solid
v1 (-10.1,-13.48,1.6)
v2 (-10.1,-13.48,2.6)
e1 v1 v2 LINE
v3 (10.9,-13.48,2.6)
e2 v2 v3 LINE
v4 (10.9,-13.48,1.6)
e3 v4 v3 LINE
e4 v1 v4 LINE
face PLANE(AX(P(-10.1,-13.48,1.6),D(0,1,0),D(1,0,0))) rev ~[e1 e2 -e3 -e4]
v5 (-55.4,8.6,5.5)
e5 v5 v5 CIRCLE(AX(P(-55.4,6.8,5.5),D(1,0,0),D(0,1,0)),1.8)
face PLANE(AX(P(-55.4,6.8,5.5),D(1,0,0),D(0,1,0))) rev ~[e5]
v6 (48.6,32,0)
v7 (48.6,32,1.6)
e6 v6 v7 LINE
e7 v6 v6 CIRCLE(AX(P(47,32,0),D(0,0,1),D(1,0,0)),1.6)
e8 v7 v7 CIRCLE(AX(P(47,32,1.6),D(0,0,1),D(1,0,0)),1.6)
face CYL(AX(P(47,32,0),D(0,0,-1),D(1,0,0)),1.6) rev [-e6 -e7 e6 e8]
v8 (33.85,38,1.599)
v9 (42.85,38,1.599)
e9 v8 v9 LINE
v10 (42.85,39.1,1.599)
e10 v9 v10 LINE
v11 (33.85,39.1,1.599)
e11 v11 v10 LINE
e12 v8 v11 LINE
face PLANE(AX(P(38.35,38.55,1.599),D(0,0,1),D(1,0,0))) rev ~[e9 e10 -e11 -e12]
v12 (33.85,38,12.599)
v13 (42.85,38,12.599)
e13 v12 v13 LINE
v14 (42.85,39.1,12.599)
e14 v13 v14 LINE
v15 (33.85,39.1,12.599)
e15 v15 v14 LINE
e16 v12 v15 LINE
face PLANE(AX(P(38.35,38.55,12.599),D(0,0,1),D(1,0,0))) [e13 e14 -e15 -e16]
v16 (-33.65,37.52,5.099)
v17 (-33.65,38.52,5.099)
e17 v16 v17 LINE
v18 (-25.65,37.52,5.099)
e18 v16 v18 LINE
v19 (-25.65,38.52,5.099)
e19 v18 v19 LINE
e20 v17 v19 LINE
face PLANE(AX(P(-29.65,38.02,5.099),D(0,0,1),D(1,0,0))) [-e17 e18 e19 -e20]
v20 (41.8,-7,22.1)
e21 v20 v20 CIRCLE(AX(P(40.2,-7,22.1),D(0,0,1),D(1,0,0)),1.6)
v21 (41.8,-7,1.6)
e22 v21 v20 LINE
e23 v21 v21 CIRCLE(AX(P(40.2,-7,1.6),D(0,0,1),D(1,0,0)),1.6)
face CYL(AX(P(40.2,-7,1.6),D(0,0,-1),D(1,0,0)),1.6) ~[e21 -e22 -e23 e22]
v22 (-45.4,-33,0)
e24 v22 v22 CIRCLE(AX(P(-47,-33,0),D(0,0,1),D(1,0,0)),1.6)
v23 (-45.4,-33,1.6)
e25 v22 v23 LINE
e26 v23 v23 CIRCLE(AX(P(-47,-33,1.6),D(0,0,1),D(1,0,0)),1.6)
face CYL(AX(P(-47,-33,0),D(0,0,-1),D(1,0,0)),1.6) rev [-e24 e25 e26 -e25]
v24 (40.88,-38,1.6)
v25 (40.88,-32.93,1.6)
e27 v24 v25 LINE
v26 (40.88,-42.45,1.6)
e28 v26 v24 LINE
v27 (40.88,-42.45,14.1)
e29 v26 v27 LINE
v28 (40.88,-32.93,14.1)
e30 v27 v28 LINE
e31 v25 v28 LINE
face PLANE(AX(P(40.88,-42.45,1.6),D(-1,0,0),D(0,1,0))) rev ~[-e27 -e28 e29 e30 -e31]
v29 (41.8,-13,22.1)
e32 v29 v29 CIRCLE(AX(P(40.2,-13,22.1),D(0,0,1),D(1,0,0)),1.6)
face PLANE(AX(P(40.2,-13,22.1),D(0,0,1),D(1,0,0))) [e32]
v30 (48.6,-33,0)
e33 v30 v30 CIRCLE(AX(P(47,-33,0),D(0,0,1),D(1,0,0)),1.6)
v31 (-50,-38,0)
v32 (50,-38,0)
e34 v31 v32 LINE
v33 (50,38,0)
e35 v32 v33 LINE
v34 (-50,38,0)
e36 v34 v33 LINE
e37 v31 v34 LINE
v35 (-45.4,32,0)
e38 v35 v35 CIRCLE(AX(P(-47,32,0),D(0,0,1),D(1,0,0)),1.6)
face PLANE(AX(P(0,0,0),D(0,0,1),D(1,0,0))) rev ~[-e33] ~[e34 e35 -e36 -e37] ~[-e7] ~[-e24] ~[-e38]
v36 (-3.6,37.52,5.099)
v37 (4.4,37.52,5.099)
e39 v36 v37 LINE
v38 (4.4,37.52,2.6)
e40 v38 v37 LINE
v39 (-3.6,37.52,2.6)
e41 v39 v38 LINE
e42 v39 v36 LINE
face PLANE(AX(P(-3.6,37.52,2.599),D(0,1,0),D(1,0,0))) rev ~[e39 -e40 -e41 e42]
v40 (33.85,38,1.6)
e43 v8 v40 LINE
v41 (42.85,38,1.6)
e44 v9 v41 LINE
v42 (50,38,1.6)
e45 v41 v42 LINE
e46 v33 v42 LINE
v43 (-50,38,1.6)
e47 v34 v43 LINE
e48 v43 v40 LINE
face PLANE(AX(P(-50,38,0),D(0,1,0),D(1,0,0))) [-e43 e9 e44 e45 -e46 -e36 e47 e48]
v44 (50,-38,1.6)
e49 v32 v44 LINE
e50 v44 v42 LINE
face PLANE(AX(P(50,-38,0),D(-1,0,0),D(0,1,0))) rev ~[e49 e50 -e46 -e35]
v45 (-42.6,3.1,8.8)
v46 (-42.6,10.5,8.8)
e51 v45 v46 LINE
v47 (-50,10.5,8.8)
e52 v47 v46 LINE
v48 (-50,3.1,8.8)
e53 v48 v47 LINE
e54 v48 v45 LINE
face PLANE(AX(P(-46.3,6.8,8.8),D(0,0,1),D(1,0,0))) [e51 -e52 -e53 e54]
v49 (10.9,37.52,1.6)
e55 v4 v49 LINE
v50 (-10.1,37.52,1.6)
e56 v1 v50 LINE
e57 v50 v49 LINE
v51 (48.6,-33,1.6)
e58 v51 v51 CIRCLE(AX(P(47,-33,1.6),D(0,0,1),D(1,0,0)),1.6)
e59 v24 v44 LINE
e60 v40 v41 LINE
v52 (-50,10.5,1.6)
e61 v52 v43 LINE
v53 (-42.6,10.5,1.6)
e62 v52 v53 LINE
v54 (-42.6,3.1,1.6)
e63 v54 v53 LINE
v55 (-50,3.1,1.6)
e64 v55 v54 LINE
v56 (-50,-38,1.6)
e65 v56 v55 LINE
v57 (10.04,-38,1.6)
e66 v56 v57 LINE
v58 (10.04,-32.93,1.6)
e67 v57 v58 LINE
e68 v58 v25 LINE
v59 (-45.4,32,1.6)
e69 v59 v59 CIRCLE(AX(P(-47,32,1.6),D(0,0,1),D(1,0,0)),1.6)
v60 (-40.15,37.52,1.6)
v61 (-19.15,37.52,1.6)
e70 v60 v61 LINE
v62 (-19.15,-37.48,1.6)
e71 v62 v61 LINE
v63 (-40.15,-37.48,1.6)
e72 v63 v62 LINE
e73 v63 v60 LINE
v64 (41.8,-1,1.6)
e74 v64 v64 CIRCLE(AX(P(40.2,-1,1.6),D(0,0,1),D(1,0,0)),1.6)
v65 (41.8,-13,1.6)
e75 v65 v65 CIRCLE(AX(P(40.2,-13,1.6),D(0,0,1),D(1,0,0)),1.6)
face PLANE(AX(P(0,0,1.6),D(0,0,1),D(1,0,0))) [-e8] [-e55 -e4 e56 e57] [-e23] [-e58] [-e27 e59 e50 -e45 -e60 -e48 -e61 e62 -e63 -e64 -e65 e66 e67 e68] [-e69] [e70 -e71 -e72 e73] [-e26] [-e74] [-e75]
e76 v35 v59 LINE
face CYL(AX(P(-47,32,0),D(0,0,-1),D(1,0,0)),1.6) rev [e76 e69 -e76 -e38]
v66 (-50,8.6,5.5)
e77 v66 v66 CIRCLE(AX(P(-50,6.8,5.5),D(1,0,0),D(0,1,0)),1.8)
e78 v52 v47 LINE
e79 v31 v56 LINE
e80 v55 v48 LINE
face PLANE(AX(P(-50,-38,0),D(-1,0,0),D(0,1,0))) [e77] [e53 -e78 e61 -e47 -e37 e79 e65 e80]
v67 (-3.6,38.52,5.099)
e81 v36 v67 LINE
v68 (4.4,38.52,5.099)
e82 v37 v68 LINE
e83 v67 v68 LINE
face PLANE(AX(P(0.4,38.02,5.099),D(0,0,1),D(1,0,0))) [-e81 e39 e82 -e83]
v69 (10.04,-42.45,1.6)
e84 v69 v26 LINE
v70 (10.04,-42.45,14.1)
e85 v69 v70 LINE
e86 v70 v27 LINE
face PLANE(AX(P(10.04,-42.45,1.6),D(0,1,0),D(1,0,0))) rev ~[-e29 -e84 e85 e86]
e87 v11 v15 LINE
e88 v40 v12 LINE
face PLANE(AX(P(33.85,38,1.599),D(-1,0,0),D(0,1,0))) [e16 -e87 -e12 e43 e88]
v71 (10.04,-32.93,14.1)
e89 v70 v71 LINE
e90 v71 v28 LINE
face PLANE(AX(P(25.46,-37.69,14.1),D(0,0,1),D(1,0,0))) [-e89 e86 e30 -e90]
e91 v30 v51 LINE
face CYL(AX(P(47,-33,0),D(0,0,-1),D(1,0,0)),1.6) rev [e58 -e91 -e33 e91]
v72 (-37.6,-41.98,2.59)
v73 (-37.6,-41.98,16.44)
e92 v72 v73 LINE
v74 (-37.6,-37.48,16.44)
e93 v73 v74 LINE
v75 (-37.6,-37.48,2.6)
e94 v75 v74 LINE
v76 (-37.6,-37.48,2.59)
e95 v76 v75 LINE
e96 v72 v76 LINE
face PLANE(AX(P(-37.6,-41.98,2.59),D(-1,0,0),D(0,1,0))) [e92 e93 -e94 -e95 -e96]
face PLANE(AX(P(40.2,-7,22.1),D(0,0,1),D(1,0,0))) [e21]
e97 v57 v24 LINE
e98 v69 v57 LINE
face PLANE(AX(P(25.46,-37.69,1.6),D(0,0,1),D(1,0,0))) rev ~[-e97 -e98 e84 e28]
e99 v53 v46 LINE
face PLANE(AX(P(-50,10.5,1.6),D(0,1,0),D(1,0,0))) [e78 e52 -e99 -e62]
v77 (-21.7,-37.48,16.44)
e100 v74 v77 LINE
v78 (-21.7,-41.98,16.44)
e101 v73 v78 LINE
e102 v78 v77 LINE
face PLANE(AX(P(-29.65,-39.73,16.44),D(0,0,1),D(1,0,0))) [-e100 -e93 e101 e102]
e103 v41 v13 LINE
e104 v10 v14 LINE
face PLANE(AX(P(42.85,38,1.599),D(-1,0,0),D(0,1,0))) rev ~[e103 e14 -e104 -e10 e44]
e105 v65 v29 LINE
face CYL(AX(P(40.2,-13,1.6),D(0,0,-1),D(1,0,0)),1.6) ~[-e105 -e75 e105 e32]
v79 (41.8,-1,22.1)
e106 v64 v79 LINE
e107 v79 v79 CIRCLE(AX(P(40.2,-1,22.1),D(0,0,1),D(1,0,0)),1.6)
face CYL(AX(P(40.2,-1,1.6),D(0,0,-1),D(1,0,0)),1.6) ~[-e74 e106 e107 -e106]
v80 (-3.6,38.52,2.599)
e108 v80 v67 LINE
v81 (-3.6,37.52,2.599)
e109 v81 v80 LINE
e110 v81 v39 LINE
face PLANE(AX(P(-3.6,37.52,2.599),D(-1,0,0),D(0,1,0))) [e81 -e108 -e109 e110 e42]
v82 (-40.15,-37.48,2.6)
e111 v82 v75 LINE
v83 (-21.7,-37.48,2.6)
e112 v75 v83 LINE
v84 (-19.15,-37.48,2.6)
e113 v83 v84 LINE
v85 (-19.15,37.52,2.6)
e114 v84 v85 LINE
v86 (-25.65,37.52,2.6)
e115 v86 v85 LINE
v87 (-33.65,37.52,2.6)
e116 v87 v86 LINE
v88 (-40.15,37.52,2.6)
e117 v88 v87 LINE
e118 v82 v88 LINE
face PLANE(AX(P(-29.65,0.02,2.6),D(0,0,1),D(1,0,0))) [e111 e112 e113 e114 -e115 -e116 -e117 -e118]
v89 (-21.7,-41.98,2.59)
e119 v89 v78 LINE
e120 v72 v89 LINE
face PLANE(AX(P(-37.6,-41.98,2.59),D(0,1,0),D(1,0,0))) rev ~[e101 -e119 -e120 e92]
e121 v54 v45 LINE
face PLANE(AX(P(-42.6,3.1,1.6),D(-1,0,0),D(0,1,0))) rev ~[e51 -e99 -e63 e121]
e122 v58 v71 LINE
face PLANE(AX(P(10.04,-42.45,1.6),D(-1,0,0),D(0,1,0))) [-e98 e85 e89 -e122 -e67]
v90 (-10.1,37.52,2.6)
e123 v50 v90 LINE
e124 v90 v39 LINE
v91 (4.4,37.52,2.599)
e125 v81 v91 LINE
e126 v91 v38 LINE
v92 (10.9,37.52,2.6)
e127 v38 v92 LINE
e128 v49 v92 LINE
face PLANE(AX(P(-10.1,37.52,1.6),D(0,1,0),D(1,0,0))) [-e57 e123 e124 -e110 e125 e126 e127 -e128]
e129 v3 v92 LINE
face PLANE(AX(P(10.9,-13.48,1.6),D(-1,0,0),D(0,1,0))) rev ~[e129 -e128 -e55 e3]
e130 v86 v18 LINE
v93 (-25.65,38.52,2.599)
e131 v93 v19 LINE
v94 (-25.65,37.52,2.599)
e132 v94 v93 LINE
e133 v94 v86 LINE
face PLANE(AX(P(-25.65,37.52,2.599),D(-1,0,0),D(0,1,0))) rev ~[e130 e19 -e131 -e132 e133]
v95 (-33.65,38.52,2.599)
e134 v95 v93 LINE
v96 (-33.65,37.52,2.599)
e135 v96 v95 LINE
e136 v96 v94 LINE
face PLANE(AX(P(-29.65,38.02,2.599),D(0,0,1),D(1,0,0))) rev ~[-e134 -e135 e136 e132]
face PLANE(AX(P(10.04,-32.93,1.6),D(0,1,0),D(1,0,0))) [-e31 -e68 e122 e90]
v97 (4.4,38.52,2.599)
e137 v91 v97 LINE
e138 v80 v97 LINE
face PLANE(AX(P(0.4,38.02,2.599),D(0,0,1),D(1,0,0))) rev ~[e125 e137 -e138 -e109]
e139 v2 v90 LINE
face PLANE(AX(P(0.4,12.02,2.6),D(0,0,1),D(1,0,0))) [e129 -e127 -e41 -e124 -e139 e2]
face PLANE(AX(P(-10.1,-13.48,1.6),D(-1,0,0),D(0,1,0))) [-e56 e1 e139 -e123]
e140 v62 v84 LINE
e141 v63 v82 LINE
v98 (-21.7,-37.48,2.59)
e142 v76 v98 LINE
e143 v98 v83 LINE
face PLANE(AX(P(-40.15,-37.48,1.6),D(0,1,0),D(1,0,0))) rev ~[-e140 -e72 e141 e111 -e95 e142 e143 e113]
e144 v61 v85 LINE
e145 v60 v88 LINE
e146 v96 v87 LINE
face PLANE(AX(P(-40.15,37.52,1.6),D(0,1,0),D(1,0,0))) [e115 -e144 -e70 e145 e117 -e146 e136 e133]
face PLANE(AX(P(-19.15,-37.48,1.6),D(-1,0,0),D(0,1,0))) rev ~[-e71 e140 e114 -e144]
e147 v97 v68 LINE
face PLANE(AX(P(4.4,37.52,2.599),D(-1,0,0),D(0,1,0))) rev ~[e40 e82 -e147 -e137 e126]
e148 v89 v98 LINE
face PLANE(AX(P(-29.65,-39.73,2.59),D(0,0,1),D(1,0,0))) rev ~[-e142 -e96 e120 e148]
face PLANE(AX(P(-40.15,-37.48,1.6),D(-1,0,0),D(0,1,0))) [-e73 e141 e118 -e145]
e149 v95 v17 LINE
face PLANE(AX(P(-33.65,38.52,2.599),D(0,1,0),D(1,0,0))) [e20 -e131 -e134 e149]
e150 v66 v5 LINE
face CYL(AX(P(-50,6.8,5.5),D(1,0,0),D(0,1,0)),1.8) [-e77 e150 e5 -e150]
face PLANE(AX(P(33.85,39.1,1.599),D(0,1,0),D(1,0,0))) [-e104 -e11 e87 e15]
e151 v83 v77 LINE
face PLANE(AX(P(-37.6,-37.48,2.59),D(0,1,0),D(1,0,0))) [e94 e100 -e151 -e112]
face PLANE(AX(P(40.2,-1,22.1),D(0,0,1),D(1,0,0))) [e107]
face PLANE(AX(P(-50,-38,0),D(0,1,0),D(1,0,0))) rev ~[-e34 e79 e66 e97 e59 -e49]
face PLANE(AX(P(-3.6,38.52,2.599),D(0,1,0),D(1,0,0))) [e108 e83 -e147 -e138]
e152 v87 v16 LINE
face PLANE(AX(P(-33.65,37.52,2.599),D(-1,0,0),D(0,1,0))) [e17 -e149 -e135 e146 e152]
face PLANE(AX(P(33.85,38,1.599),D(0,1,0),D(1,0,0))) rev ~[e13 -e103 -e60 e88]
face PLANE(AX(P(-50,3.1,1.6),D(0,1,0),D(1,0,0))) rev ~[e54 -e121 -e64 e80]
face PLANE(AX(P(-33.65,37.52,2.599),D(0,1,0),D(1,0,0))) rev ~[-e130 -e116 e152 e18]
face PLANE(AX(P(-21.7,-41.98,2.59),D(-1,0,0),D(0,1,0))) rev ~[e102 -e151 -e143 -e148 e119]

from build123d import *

# Parameters (mm, degrees)
SKETCH_W     = 100
SKETCH_H     = 76
SKETCH_R     = 1.6
PAD_DEPTH    = 1.6
SKETCH001_W  = 21
SKETCH001_H  = 75
PAD001_DEPTH = 1
SKETCH002_W  = 15.9
SKETCH002_H  = 4.5
PAD002_DEPTH = 13.85
SKETCH003_W  = 8
SKETCH003_H  = 1
PAD003_DEPTH = 2.5
SKETCH004_W  = 30.84
SKETCH004_H  = 9.52
PAD004_DEPTH = 12.5
SKETCH005_W  = 21
SKETCH005_H  = 51
PAD005_DEPTH = 1
SKETCH006_W  = 8
SKETCH006_H  = 1
PAD006_DEPTH = 2.5
SKETCH007_W  = 9
SKETCH007_H  = 1.1
PAD007_DEPTH = 11
SKETCH008_W  = 7.4
SKETCH008_H  = 7.4
PAD008_DEPTH = 7.2
SKETCH009_R  = 1.8
PAD009_DEPTH = 5.4
SKETCH010_R  = 1.6
PAD010_DEPTH = 20.5


with BuildPart() as part:
    # Sketch → Pad (new body)
    with BuildSketch(Plane.XY):
        Rectangle(SKETCH_W, SKETCH_H)
        with Locations((-47, 32)):
            Circle(SKETCH_R, mode=Mode.SUBTRACT)
        with Locations((47, 32)):
            Circle(SKETCH_R, mode=Mode.SUBTRACT)
        with Locations((-47, -33)):
            Circle(SKETCH_R, mode=Mode.SUBTRACT)
        with Locations((47, -33)):
            Circle(SKETCH_R, mode=Mode.SUBTRACT)
    extrude(amount=PAD_DEPTH)

    # Sketch001 → Pad001 (join)
    with BuildSketch(Plane.XY.offset(1.6)):
        with Locations((-29.65, 0.02)):
            Rectangle(SKETCH001_W, SKETCH001_H)
    extrude(amount=PAD001_DEPTH)

    # Sketch002 → Pad002 (join)
    with BuildSketch(Plane.XY.offset(2.59)):
        with Locations((-29.65, -39.73)):
            Rectangle(SKETCH002_W, SKETCH002_H)
    extrude(amount=PAD002_DEPTH)

    # Sketch003 → Pad003 (join)
    with BuildSketch(Plane.XY.offset(2.599)):
        with Locations((-29.65, 38.02)):
            Rectangle(SKETCH003_W, SKETCH003_H)
    extrude(amount=PAD003_DEPTH)

    # Sketch004 → Pad004 (join)
    with BuildSketch(Plane.XY.offset(1.6)):
        with Locations((25.46, -37.69)):
            Rectangle(SKETCH004_W, SKETCH004_H)
    extrude(amount=PAD004_DEPTH)

    # Sketch005 → Pad005 (join)
    with BuildSketch(Plane.XY.offset(1.6)):
        with Locations((0.4, 12.02)):
            Rectangle(SKETCH005_W, SKETCH005_H)
    extrude(amount=PAD005_DEPTH)

    # Sketch006 → Pad006 (join)
    with BuildSketch(Plane.XY.offset(2.599)):
        with Locations((0.4, 38.02)):
            Rectangle(SKETCH006_W, SKETCH006_H)
    extrude(amount=PAD006_DEPTH)

    # Sketch007 → Pad007 (join)
    with BuildSketch(Plane.XY.offset(1.599)):
        with Locations((38.35, 38.55)):
            Rectangle(SKETCH007_W, SKETCH007_H)
    extrude(amount=PAD007_DEPTH)

    # Sketch008 → Pad008 (join)
    with BuildSketch(Plane.XY.offset(1.6)):
        with Locations((-46.3, 6.8)):
            Rectangle(SKETCH008_W, SKETCH008_H)
    extrude(amount=PAD008_DEPTH)

    # Sketch009 → Pad009 (join)
    with BuildSketch(Plane.YZ.offset(-50)):
        with Locations((6.8, 5.5)):
            Circle(SKETCH009_R)
    extrude(amount=-PAD009_DEPTH)

    # Sketch010 → Pad010 (join)
    with BuildSketch(Plane.XY.offset(1.6)):
        with Locations((40.2, -1)):
            Circle(SKETCH010_R)
        with Locations((40.2, -7)):
            Circle(SKETCH010_R)
        with Locations((40.2, -13)):
            Circle(SKETCH010_R)
    extrude(amount=PAD010_DEPTH)


solid = part.part
